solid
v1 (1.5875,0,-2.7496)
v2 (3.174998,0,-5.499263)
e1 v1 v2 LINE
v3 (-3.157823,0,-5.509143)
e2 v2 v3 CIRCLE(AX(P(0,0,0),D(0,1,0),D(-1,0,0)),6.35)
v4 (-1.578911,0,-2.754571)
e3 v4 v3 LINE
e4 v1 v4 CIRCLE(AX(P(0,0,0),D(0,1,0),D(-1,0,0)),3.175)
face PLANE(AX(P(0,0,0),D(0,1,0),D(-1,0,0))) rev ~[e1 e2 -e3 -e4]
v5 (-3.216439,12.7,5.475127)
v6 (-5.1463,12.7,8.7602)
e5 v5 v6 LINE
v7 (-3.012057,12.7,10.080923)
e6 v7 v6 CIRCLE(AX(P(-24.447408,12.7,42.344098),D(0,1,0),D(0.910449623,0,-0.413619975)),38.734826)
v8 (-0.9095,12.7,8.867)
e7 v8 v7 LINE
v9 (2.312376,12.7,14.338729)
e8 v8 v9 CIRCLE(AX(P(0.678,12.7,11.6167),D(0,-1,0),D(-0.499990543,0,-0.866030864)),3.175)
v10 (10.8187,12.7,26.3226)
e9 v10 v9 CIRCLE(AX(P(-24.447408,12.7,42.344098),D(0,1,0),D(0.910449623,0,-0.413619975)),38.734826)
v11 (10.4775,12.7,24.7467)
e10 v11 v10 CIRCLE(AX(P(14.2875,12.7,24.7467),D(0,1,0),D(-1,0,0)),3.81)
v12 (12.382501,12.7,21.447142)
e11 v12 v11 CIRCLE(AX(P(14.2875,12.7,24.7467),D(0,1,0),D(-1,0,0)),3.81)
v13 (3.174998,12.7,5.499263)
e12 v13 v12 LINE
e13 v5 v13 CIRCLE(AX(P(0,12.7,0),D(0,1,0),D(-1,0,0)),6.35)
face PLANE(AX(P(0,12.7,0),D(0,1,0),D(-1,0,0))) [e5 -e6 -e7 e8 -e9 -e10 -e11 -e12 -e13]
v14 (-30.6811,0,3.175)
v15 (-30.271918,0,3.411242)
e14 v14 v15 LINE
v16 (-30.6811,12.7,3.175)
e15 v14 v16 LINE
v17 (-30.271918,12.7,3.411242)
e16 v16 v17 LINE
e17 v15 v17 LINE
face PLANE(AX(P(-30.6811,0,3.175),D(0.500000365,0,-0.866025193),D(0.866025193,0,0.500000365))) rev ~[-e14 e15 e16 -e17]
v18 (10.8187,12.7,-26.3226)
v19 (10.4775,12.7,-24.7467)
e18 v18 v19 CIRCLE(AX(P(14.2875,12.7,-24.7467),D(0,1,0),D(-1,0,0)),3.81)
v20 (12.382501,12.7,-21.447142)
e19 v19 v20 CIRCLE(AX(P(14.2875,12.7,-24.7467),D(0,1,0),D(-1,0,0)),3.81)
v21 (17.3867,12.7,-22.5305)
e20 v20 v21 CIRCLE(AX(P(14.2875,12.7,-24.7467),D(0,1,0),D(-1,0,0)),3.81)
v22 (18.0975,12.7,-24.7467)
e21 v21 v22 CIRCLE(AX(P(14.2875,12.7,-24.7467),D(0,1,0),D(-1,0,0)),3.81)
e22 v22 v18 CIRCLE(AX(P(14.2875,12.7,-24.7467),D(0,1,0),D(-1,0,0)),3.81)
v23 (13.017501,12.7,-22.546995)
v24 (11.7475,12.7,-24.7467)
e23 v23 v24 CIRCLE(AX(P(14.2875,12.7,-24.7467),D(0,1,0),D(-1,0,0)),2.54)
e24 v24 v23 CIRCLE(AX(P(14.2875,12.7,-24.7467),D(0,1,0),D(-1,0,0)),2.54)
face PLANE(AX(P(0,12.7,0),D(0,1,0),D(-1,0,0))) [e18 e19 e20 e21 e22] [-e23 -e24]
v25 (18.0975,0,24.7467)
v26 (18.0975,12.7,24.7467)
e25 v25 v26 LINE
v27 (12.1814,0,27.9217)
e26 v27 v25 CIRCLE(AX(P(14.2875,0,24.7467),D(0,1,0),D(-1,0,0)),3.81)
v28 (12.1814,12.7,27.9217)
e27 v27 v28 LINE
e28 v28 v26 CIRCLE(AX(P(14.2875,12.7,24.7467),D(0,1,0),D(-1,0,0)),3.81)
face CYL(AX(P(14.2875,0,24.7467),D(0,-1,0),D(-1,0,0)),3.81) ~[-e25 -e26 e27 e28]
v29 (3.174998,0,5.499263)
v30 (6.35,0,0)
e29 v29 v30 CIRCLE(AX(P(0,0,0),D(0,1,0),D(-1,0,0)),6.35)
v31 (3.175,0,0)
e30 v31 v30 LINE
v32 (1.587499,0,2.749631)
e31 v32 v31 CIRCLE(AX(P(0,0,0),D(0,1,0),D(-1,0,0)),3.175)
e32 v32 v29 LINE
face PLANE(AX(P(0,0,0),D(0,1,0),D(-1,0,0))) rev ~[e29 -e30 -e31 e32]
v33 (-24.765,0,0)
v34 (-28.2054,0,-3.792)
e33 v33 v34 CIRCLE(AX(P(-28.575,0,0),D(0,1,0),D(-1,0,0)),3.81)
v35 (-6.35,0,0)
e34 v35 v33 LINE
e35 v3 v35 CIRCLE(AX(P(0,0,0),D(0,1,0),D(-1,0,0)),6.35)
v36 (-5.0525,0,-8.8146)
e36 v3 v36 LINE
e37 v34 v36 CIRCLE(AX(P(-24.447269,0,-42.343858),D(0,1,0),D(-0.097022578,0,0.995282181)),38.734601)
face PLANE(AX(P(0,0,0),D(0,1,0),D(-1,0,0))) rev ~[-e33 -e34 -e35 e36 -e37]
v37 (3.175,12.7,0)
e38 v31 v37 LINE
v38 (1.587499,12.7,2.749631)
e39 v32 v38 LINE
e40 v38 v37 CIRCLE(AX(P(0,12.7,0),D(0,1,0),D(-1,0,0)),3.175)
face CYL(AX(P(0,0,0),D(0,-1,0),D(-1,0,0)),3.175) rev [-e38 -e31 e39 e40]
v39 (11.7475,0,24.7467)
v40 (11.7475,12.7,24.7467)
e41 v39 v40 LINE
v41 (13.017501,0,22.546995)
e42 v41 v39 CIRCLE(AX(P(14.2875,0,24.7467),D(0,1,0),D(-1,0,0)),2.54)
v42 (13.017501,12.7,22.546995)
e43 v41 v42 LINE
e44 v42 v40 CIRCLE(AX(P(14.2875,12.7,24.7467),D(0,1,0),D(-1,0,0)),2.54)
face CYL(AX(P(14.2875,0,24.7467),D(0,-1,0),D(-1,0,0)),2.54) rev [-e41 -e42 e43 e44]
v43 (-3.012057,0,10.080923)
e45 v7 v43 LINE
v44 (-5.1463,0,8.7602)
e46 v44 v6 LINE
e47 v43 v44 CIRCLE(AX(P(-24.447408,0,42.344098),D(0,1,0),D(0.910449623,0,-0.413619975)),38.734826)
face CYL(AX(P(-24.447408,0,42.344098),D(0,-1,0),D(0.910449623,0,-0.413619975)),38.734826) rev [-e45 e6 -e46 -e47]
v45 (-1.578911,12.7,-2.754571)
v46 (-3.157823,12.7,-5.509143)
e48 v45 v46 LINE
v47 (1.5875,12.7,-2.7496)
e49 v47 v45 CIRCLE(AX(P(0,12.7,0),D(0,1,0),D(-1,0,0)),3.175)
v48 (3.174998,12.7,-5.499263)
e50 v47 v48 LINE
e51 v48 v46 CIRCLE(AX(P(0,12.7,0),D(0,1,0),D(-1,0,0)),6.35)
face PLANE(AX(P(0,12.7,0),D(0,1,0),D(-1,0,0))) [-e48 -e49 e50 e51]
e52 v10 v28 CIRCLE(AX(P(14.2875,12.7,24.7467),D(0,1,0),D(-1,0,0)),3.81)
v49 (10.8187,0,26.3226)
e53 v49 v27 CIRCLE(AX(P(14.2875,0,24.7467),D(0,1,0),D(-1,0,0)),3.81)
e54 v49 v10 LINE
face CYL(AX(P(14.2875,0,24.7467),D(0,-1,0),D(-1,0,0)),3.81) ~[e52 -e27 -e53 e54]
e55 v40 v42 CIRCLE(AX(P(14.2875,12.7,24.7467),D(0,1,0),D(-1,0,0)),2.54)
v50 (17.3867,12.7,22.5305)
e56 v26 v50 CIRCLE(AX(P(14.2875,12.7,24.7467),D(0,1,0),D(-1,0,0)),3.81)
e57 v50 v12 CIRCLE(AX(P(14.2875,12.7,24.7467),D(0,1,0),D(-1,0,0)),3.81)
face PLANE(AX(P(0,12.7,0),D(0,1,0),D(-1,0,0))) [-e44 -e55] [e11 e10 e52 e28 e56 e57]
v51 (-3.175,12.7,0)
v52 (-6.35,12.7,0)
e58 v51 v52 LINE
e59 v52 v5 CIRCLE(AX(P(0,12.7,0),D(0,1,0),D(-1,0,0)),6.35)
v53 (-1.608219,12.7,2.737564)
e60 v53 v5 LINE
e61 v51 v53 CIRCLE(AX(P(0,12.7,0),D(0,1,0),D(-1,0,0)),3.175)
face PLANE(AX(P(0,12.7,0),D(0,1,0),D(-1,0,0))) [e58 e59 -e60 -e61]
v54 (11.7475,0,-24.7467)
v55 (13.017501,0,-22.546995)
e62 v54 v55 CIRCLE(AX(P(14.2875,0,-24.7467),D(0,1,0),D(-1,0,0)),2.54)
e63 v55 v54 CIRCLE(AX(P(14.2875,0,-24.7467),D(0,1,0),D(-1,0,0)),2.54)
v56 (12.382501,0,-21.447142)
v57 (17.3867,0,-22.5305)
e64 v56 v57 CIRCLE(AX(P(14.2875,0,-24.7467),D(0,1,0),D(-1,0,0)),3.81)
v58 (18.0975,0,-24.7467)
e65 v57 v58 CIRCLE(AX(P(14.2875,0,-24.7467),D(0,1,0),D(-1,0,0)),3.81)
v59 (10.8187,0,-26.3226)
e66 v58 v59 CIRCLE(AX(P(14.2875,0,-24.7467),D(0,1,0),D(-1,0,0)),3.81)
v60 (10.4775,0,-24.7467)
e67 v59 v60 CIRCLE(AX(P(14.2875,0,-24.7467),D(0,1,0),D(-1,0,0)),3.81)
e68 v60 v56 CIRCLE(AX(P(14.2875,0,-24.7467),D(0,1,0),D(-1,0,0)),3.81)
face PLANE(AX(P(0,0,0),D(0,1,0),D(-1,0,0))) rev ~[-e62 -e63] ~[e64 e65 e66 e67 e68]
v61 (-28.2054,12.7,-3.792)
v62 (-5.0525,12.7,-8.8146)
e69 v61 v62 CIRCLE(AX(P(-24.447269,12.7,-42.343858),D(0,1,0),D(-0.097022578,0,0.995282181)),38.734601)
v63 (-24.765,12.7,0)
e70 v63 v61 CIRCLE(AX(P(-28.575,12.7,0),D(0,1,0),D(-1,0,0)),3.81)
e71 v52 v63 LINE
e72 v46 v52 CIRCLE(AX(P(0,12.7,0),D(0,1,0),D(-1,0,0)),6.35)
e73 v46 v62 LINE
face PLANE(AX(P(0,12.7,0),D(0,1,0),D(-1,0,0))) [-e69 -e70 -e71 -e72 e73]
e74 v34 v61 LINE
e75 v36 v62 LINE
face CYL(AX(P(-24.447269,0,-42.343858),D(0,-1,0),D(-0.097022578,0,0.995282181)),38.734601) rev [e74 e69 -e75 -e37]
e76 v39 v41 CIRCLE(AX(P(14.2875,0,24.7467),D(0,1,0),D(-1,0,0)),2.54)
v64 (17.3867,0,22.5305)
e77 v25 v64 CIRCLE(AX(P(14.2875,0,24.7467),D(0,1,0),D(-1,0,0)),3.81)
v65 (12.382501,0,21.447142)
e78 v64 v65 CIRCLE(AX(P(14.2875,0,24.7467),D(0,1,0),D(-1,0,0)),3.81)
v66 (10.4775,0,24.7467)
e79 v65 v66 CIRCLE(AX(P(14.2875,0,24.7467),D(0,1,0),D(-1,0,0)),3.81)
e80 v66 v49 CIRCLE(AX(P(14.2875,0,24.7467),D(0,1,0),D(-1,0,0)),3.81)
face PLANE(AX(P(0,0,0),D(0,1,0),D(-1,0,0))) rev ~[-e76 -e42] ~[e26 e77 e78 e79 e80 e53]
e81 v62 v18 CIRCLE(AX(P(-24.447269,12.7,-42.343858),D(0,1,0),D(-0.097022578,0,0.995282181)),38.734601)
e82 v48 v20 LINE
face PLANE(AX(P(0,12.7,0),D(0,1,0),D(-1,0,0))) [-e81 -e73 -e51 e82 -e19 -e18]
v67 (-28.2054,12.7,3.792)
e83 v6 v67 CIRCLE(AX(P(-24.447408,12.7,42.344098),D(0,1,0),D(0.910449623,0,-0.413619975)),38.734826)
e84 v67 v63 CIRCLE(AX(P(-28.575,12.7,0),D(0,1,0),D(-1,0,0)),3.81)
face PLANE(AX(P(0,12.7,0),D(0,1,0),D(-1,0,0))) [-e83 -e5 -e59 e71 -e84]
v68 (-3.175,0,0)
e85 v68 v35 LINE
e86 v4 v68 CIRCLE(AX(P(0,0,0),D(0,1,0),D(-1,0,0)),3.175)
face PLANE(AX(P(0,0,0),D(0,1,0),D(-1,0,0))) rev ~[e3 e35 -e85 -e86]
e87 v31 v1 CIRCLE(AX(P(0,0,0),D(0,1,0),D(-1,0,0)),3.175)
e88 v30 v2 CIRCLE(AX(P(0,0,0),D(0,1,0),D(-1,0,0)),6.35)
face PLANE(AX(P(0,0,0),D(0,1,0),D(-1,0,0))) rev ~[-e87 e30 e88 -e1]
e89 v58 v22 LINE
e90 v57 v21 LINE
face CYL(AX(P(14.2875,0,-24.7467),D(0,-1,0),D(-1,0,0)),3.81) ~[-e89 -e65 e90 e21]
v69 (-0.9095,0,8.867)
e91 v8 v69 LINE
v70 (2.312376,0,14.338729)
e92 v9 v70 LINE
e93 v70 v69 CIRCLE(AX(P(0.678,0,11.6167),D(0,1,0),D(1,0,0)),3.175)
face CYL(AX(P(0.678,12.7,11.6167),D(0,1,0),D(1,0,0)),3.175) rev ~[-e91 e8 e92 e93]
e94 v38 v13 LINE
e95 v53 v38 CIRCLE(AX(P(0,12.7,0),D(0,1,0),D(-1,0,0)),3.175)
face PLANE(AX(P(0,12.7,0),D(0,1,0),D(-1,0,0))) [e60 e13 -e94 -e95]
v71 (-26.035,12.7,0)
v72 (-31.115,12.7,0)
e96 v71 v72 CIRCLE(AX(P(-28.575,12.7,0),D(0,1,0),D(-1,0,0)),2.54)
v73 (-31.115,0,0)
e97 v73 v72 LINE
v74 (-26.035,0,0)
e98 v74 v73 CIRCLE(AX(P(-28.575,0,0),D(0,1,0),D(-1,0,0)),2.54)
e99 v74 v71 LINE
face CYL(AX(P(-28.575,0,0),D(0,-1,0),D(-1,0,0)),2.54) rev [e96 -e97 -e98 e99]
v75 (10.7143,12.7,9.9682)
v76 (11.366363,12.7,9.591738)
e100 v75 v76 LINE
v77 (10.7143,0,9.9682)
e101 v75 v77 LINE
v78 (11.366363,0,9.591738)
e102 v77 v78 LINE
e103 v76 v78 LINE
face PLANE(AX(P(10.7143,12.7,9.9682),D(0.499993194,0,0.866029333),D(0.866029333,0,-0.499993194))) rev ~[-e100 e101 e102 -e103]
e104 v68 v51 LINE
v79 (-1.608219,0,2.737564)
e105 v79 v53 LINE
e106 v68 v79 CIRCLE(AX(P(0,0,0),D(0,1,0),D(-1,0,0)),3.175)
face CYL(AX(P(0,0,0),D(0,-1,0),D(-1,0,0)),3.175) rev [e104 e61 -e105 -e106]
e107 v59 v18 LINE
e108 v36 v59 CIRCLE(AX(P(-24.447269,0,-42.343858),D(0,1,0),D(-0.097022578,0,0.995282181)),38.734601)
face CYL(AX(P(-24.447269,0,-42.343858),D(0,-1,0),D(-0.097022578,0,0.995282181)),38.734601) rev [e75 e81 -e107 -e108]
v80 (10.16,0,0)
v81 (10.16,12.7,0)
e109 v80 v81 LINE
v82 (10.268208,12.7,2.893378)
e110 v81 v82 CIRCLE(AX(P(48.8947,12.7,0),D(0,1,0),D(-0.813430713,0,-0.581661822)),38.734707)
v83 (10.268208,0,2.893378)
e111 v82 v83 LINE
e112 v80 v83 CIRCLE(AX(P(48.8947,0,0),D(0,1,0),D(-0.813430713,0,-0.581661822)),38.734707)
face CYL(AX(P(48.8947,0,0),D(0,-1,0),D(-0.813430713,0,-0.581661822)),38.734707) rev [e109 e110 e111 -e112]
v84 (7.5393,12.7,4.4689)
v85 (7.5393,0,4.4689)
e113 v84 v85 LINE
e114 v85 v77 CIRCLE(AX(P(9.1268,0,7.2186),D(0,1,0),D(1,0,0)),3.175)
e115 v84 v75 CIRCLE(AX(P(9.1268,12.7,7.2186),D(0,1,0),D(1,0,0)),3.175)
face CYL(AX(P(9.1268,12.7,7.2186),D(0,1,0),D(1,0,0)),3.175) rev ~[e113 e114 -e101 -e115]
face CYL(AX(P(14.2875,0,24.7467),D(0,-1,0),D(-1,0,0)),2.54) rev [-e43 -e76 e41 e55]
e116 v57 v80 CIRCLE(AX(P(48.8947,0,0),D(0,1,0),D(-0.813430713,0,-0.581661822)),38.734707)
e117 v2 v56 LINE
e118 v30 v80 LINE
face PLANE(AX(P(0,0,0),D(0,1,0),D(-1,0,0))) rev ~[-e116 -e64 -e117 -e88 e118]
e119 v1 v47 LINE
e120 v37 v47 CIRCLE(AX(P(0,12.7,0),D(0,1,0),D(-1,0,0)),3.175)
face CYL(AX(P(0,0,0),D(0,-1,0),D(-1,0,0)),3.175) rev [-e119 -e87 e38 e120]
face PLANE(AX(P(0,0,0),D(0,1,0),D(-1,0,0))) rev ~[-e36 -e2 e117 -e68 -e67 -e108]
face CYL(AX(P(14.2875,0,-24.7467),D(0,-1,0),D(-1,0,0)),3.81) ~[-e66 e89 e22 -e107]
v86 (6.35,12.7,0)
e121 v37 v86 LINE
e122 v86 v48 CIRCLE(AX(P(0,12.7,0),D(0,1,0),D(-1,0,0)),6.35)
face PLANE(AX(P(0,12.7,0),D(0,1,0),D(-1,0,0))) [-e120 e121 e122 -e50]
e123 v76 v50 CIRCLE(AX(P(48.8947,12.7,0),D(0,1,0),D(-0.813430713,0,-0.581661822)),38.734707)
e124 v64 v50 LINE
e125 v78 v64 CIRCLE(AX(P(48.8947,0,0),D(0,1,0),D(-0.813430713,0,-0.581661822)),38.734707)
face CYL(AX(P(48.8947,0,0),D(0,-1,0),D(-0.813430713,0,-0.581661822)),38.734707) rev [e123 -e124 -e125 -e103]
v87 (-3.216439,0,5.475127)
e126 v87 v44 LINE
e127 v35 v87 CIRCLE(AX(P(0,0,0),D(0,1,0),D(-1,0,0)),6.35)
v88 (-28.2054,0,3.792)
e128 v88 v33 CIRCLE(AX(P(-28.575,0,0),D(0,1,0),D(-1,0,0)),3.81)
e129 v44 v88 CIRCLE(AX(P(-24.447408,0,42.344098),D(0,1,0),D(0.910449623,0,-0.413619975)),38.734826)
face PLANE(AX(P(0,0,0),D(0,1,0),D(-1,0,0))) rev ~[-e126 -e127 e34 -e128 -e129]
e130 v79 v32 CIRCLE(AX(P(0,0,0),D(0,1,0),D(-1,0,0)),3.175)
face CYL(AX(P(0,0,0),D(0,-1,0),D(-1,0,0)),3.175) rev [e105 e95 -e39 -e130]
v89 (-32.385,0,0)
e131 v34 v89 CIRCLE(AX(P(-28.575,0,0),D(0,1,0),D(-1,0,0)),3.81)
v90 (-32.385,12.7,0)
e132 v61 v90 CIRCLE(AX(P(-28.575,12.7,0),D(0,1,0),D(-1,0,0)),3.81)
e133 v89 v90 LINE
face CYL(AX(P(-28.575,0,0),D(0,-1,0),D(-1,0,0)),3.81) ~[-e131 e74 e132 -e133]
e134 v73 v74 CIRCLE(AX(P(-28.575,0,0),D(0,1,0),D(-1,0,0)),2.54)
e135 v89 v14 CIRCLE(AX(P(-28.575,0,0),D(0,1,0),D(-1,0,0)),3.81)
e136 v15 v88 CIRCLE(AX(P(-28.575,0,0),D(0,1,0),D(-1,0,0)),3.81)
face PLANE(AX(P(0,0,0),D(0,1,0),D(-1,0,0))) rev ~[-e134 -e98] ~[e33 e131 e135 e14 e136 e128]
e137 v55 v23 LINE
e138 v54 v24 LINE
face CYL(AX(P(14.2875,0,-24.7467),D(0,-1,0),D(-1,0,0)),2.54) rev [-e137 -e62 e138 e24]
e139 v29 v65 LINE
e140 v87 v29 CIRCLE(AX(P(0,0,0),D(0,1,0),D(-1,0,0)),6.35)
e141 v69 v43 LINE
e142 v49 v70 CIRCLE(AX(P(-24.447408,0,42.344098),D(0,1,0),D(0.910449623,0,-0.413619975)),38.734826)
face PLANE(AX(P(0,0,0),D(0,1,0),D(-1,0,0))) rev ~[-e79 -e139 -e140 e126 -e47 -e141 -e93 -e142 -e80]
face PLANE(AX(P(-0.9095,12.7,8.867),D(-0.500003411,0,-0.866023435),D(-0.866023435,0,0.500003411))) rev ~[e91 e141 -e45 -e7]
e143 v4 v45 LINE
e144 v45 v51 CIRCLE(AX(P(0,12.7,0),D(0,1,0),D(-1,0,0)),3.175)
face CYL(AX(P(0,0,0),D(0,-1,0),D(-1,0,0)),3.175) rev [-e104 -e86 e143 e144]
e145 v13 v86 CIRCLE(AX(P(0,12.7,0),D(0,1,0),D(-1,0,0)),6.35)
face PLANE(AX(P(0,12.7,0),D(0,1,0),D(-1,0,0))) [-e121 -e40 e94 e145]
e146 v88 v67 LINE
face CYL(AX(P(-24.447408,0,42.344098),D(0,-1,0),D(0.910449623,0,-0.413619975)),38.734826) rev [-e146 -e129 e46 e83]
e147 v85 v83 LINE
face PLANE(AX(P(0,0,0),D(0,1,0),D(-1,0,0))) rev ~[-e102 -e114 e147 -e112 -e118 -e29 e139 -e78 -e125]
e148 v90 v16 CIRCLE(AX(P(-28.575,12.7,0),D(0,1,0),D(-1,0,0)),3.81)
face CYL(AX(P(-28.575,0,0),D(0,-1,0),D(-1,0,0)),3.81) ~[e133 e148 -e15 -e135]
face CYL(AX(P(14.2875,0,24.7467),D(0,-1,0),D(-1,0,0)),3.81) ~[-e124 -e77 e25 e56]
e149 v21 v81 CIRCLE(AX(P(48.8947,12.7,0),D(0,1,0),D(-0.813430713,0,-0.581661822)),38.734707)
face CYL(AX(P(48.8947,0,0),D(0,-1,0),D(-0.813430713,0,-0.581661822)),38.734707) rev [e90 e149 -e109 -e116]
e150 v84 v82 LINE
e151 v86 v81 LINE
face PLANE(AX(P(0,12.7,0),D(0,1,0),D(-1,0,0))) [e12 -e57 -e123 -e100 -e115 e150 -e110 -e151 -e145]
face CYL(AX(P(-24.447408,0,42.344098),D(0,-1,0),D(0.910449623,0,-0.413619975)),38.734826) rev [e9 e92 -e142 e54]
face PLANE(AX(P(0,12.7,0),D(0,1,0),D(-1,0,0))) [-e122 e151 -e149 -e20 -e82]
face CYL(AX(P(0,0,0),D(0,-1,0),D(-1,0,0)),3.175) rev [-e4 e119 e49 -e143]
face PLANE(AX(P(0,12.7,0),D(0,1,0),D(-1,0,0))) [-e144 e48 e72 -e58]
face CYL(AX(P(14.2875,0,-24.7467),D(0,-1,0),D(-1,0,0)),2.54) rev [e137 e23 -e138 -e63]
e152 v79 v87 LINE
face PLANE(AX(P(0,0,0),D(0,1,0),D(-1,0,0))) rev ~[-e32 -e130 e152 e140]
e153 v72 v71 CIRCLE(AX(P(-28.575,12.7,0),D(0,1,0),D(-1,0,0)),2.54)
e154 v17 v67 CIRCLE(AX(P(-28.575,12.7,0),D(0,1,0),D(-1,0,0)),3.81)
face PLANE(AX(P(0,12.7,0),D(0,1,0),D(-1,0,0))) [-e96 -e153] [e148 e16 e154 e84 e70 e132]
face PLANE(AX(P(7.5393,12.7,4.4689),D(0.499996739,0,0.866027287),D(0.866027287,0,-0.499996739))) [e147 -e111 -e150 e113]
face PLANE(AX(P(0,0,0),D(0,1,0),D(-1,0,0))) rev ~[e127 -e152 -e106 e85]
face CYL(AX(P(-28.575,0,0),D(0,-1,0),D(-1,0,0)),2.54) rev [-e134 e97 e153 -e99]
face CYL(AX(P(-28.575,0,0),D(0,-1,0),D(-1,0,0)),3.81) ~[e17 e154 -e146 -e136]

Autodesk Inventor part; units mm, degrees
ref_plane "YZ Plane" through (0, 0, 0) normal (1, 0, 0) x (0, 1, 0)
ref_plane "XZ Plane" through (0, 0, 0) normal (0, 1, 0) x (-1, 0, 0)
ref_plane "XY Plane" through (0, 0, 0) normal (0, 0, 1) x (1, 0, 0)
sketch "Sketch1" plane through (0, 0, 0) normal (0, 1, 0) x (-1, 0, 0)
  line L0 (0, 0) -> (28.575, 0)
  line L1 (28.575, 0) -> (0, 0)
  line L2 (0, 0) -> (-14.2875, -24.7467)
  line L3 (0, 0) -> (28.575, 0) construction
  line L4 (0, 0) -> (-14.2875, 24.7467)
  line L5 (0, 0) -> (28.575, 0) construction
  circle A0 centre (28.575, 0) radius 2.54
  circle A1 centre (-14.2875, -24.7467) radius 2.54
  circle A2 centre (-14.2875, 24.7467) radius 2.54
  circle A3 centre (0, 0) radius 3.175
  circle A4 centre (0, 0) radius 6.35
  line L6 (-1.5875, -2.7496) -> (0, 0)
  line L7 (0, 0) -> (-6.35, 0)
  circle A5 centre (-14.2875, 24.7467) radius 3.81
  circle A6 centre (28.575, 0) radius 3.81
  circle A7 centre (-14.2875, -24.7467) radius 3.81
  line L8 (30.6811, 3.175) -> (-12.1814, 27.9217)
  line L9 (28.2054, -3.792) -> (-10.8187, -26.3226)
  line L10 (-18.0975, 24.7467) -> (-18.0975, -24.7467)
  line L11 (0, 0) -> (5.0525, -8.8146)
  line L12 (0, 0) -> (5.1463, 8.7602)
  line L13 (0, 0) -> (-10.16, 0)
  arc A8 (28.2054, -3.792) -> (-10.8187, -26.3226) centre (24.4473, -42.344) ccw
  arc A9 (-10.8187, 26.3226) -> (28.2054, 3.792) centre (24.4473, 42.344) ccw
  arc A10 (-17.3867, -22.5305) -> (-17.3867, 22.5305) centre (-48.8947, 0) ccw
  point P0 (5.1074, 8.7829)
  point P1 (-10.16, 0.0317)
  point P2 (30.2716, 3.4114)
  point P3 (28.2054, 3.792)
  point P4 (-10.8187, 26.3226)
  point P5 (-17.3867, 22.5305)
  point P6 (-17.3867, -22.5305)
  dimension "d9" = 6.35
  dimension "d41" = 12.7
  dimension "d0" = 28.575
  dimension "d1" = 28.575
  dimension "d2" = 120
  dimension "d3" = 28.575
  dimension "d4" = 120
  dimension "d5" = 5.08
  dimension "d6" = 5.08
  dimension "d7" = 5.08
  dimension "d42" = 7.62
  dimension "d43" = 7.62
  dimension "d44" = 7.62
  dimension "d47" = 10.16
  dimension "d48" = 10.16
  dimension "d49" = 10.16
  dimension "d52" = 360
extrude "Extrusion4" add sketch "Sketch1" along normal blind 12.7 contours A3 L12 A4 L0 | L0 A4 L11 A3 | A3 L11 A4 L2 | L2 A4 L7 A3 | A3 L7 A4 L4 | L4 A4 L12 A3 | A4 L12 A9 A6 L0 | L0 A6 A8 L11 A4 | A4 L11 A8 A7 L2 | L2 A7 A10 L13 A4 | A4 L13 A10 A5 L4 | L4 A5 A9 L12 A4 | A6 L8 | A7 | A5 picked at (31.8987, 0.5122)
sketch "Sketch8" plane through (0, 12.7, 0) normal (0, 1, 0) x (1, 0, 0)
  circle A0 centre (0.678, -11.6167) radius 3.175 projected
  circle A1 centre (9.1268, -7.2186) radius 3.175 projected
  circle A2 centre (0.678, -11.6167) radius 3.175 projected
  circle A3 centre (9.1268, -7.2186) radius 3.175 projected
  line L0 (5.0649, -17.2561) -> (12.4117, -13.0144)
  arc A4 (17.3867, 22.5305) -> (17.3867, -22.5305) centre (48.8947, 0) ccw projected
  circle A5 centre (14.2875, -24.7467) radius 2.54 projected
  line L1 (0, 0) -> (14.2875, -24.7467)
  arc A6 (10.8187, -26.3226) -> (-28.2054, -3.792) centre (-24.4473, -42.344) ccw projected
  arc A7 (10.8187, -26.3226) -> (17.3867, -22.5305) centre (14.2875, -24.7467) ccw projected
  line L2 (9.1268, -7.2186) -> (10.7143, -9.9682)
  line L3 (9.1268, -7.2186) -> (7.5393, -4.4689)
  line L4 (0.678, -11.6167) -> (-0.9095, -8.867)
  line L5 (0.678, -11.6167) -> (2.2655, -14.3663)
  line L6 (-0.9095, -8.867) -> (-4.4671, -10.921)
  line L7 (2.2655, -14.3663) -> (-2.6369, -17.1967)
  line L8 (7.5393, -4.4689) -> (12.4407, -1.6391)
  line L9 (10.7143, -9.9682) -> (17.8581, -5.8438)
  point P0 (11.3663, -9.5918)
  point P1 (11.3414, -9.4937)
  point P2 (10.4005, -4.3102)
  point P3 (10.2682, -2.8934)
  point P4 (-0.9095, -8.867)
  point P5 (-3.012, -10.0809)
  point P6 (2.1732, -14.2063)
sketch "Sketch9" plane through (0, 12.7, 0) normal (0, 1, 0) x (1, 0, 0)
  point P0 (0, 0)
extrude "Extrusion5" cut sketch "Sketch8" against normal through all contours A0 A6 L5 L4 | L9 A1 A4 | L4 L5 A6 A0 | A0 A6 L6 | A0 L5 A6 | A4 A1 | A1 L2 L3 A4 | A1 L3 L2 | A1 L8 A4 picked at (2.2194, -14.2744)
sketch "Sketch11" plane through (0, 12.7, 0) normal (0, 1, 0) x (1, 0, 0)
  arc A0 (10.8187, -26.3226) -> (2.3124, -14.3387) centre (-24.4473, -42.344) ccw projected
  arc A1 (11.3663, -9.5918) -> (17.3867, -22.5305) centre (48.8947, 0) ccw projected
  arc A2 (10.8187, -26.3226) -> (17.3867, -22.5305) centre (14.2875, -24.7467) ccw projected
  line L0 (0, 0) -> (14.2875, -24.7467)
  circle A3 centre (14.2875, -24.7467) radius 2.54 projected
  line L1 (14.2875, -24.7467) -> (8.2579, -14.3032)
  line L2 (14.2875, -24.7467) -> (7.9375, -13.7482)
  line L3 (7.9375, -13.7482) -> (11.895, -11.4633)
  line L4 (7.9375, -13.7482) -> (3.98, -16.033)
  circle A4 centre (14.2875, 24.7467) radius 2.54 projected
  line L5 (0, 0) -> (14.2875, 24.7467)
  line L6 (14.2875, 24.7467) -> (7.9375, 13.7482)
  line L7 (7.9375, 13.7482) -> (0, 0)
  circle A5 centre (-28.575, 0) radius 2.54 projected
  line L8 (0, 0) -> (-28.575, 0)
  line L9 (-28.575, 0) -> (-15.875, 0)
  line L10 (-15.875, 0) -> (-15.875, 4.5698)
  arc A6 (-28.2054, 3.792) -> (10.8187, 26.3226) centre (-24.4473, 42.344) ccw projected
  line L11 (-15.875, 0) -> (-15.875, -4.5698)
  line L12 (7.9375, 13.7482) -> (3.98, 16.033)
  line L13 (7.9375, 13.7482) -> (11.895, 11.4633)
  arc A7 (17.3867, 22.5305) -> (10.2682, -2.8934) centre (48.8947, 0) ccw projected
  arc A8 (-28.2054, 3.792) -> (-30.6811, -3.175) centre (-28.575, 0) ccw projected
  arc A9 (-3.012, -10.0809) -> (-28.2054, -3.792) centre (-24.4473, -42.344) ccw projected
  arc A10 (-30.2716, -3.4114) -> (-28.2054, -3.792) centre (-28.575, 0) ccw projected
  line L14 (-30.6811, -3.175) -> (-30.2716, -3.4114) projected
  arc A11 (17.3867, 22.5305) -> (10.8187, 26.3226) centre (14.2875, 24.7467) ccw projected
  dimension "d65" = 12.7
  dimension "d66" = 12.7
  dimension "d67" = 12.7
properties part number "backupstability"
